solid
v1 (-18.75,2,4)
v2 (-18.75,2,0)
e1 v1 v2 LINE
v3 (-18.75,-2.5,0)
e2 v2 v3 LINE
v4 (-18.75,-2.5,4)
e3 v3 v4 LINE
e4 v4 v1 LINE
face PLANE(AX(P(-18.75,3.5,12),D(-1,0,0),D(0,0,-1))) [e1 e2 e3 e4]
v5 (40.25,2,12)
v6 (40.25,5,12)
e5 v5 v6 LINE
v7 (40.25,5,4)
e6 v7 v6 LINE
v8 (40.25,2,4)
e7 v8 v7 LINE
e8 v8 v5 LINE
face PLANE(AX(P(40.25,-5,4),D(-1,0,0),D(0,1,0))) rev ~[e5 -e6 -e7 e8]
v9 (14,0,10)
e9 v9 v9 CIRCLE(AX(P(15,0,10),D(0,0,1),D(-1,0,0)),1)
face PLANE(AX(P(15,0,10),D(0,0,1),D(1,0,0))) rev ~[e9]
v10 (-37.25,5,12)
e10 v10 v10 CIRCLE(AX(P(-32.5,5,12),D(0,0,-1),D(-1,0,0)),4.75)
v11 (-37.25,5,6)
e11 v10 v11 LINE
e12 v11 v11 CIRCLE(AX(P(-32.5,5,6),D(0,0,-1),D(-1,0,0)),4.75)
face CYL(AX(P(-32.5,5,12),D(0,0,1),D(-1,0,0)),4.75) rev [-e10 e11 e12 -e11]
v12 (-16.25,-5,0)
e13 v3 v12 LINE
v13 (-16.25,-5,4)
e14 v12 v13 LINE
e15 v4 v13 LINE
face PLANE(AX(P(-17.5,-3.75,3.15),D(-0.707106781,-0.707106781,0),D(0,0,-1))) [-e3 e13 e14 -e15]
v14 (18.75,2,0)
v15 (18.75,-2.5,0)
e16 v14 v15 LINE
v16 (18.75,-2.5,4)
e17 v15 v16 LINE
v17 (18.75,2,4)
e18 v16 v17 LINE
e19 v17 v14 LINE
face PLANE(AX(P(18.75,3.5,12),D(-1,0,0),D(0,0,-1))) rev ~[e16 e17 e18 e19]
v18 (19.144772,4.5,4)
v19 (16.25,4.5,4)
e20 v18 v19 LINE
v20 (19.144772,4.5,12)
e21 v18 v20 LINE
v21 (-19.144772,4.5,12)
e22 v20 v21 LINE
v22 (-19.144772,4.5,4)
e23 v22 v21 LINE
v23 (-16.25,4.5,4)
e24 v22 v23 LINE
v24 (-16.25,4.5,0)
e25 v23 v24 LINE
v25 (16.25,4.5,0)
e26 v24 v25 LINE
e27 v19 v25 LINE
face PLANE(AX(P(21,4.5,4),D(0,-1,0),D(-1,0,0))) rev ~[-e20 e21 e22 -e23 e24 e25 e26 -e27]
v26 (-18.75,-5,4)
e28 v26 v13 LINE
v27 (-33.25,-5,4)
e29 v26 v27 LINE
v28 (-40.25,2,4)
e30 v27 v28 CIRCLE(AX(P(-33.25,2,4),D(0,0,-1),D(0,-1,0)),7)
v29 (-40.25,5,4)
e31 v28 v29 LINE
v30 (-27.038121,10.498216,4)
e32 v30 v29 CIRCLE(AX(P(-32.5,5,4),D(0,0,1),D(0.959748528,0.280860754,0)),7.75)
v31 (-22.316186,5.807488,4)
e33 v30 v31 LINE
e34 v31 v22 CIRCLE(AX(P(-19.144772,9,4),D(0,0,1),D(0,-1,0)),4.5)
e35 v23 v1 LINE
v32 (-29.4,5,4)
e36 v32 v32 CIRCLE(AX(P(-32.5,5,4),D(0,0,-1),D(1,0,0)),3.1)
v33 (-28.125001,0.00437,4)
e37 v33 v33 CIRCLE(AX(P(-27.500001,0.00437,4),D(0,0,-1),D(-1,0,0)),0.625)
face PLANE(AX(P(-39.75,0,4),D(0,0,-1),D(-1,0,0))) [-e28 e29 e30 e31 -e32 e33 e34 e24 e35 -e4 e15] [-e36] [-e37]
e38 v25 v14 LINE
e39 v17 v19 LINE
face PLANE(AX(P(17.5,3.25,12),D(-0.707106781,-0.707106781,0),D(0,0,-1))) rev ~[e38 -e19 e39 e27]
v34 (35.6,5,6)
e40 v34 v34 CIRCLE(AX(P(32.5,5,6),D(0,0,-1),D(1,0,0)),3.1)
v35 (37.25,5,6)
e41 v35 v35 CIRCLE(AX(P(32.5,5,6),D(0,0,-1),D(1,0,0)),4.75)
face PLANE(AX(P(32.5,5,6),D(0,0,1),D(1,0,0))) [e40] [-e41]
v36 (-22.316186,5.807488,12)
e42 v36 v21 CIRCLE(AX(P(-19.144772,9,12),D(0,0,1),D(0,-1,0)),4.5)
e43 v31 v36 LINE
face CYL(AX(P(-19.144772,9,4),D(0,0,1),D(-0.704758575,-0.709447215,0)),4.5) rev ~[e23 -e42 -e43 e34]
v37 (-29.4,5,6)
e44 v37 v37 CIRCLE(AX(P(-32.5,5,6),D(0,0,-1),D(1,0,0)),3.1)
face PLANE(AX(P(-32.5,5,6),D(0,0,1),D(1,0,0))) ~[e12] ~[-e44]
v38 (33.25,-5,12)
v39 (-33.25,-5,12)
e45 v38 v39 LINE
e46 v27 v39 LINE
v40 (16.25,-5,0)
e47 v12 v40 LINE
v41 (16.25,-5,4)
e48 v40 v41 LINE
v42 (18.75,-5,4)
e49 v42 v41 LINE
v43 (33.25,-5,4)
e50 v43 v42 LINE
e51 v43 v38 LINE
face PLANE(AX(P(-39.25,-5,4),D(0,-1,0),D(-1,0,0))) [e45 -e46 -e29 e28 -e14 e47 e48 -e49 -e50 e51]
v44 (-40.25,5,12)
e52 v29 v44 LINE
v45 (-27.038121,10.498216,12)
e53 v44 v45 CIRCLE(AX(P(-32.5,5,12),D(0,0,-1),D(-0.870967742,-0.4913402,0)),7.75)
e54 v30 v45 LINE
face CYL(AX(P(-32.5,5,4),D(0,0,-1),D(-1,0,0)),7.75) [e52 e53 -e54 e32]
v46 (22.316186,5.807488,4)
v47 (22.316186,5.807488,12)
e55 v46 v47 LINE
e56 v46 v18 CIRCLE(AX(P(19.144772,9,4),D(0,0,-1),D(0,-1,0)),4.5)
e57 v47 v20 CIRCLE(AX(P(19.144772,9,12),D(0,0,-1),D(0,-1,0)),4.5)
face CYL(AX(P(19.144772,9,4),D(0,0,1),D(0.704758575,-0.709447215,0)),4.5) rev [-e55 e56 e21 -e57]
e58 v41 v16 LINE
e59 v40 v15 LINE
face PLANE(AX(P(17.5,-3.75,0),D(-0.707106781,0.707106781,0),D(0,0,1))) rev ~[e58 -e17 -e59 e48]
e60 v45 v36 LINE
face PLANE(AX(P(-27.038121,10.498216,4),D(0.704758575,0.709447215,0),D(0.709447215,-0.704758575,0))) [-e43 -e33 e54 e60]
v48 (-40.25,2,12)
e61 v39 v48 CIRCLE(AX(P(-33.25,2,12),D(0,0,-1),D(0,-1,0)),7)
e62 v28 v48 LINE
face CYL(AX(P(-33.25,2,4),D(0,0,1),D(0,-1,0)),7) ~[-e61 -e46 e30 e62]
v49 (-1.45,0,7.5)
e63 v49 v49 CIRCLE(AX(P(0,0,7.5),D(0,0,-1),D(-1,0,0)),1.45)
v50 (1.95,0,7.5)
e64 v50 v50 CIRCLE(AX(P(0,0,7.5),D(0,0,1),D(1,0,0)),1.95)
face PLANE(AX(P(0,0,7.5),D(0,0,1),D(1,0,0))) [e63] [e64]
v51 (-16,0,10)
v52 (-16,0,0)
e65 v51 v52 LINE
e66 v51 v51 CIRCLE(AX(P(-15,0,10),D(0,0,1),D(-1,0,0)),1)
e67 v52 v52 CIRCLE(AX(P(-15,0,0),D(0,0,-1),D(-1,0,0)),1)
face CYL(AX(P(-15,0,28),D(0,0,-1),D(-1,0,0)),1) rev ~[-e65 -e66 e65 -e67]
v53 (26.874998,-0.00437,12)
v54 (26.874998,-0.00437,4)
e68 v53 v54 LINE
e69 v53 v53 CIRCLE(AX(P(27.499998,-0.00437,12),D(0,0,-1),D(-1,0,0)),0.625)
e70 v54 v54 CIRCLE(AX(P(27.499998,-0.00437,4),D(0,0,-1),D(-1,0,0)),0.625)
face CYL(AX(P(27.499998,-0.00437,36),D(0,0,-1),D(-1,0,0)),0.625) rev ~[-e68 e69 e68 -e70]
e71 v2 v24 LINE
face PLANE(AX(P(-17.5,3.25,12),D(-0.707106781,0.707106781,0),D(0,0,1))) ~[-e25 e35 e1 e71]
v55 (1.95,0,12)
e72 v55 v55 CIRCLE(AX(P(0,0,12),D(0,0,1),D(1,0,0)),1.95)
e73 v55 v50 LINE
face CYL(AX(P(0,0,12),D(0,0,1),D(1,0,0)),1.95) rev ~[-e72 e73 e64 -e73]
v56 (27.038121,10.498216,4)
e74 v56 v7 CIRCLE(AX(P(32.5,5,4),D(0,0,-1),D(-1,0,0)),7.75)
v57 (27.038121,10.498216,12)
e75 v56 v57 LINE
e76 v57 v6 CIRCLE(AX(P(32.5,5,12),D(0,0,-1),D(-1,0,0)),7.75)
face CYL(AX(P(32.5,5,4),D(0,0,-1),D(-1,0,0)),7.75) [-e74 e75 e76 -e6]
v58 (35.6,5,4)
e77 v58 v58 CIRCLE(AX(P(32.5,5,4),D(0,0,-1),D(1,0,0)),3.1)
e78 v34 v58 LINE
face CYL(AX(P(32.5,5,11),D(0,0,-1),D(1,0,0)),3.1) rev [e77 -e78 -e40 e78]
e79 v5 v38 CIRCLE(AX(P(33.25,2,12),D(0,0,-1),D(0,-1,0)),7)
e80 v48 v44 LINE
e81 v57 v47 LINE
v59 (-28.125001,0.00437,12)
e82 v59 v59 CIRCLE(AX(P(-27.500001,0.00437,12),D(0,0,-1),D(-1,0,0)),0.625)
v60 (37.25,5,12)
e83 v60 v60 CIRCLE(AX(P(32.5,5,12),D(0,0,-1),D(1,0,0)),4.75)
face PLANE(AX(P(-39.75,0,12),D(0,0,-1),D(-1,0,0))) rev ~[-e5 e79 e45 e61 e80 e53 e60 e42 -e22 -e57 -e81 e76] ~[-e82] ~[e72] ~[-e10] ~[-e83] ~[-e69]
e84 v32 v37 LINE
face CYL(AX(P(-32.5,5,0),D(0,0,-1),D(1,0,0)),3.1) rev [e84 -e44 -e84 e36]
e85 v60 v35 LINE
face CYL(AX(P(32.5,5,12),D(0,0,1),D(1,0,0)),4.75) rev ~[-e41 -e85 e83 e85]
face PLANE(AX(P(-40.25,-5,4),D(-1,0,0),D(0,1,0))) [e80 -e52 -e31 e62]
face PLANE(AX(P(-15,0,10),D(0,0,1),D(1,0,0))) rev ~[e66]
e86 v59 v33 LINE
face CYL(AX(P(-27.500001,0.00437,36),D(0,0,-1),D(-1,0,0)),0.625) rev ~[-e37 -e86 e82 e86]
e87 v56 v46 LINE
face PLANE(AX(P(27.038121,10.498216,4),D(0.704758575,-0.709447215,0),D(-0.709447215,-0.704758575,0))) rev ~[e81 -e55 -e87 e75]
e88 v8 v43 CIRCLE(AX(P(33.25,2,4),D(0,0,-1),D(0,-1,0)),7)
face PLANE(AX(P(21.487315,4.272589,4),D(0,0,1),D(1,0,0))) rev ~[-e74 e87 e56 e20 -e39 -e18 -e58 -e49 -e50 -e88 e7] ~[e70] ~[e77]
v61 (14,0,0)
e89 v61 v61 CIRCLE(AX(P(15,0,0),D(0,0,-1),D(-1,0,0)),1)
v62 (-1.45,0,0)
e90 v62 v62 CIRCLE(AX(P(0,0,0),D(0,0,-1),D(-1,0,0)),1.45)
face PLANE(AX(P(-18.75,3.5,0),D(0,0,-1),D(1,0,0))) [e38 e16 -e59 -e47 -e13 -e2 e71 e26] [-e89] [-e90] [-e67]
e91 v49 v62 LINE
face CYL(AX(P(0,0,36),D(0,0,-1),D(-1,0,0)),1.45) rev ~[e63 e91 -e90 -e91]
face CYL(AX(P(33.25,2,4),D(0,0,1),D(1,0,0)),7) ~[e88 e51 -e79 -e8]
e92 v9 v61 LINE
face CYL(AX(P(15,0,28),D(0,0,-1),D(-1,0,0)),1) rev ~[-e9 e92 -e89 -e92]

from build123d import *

# Parameters (mm, degrees)
SKETCH1_W                     = 78.5
SKETCH1_H                     = 7
BOSS_EXTRUDE1_DEPTH           = 12
BOSS_EXTRUDE1_DEPTH_BACK      = 12
SKETCH2_W                     = 20.5
SKETCH2_H                     = 6.3
CUT_EXTRUDE1_DEPTH            = 8
SKETCH3_W                     = 13.5
SKETCH3_H                     = 8.85
BOSS_EXTRUDE2_DEPTH           = 8
SKETCH4_R                     = 3.1
CUT_EXTRUDE2_DEPTH            = 22
CUT_EXTRUDE2_DEPTH_BACK       = 24.5
CUT_EXTRUDE3_DEPTH            = 5
SKETCH6_R                     = 6.2
CUT_EXTRUDE4_DEPTH            = 1
MIRROR2_COPY_1_SKETCH_R       = 6.2
MIRROR2_COPY_1_DEPTH          = 1
SKETCH7_W                     = 13.5
SKETCH7_H                     = 8.5
CUT_EXTRUDE5_DEPTH            = 1
MIRROR5_COPY_1_SKETCH_W       = 13.5
MIRROR5_COPY_1_SKETCH_H       = 8.5
MIRROR5_COPY_1_DEPTH          = 1
TAP_DRILL_FOR_M2_TAP1_D       = 1.6
CUT_EXTRUDE6_DEPTH            = 27
SKETCH12_W                    = 91.032241704
SKETCH12_H                    = 44.33734078
CUT_EXTRUDE7_DEPTH            = 22
F_2_0_2_DIAMETER_HOLE2_D      = 2
F_2_0_2_DIAMETER_HOLE2_DEPTH  = 16
F_2_0_2_DIAMETER_HOLE2_TIP    = 0.600860619
F_2_0_2_DIAMETER_HOLE1_D      = 2
F_2_0_2_DIAMETER_HOLE1_DEPTH  = 16
F_2_0_2_DIAMETER_HOLE1_TIP    = 0.600860619
ESQUISSE5_R                   = 3.1
BOSS_EXTRU_1_DEPTH            = 1
ESQUISSE6_R                   = 4.75
ENL_V_MAT_EXTRU_1_DEPTH       = 6
ESQUISSE7_R                   = 0.8
BOSS_EXTRU_2_DEPTH            = 8.85
BOSS_EXTRUDE3_DEPTH           = 1.5
SKETCH24_W                    = 22.483380367
SKETCH24_H                    = 20.071516443
CUT_EXTRUDE8_DEPTH            = 0.85
BOSS_EXTRUDE4_DEPTH           = 8
M2_5_CLEARANCE_HOLE1_D        = 2.9
M2_5_CLEARANCE_HOLE1_DEPTH    = 24
M2_5_CLEARANCE_HOLE1_TIP      = 0.871247898
SKETCH26_W                    = 37.5
SKETCH26_H                    = 12
BOSS_EXTRUDE6_DEPTH           = 1
SKETCH27_R                    = 1.95
CUT_EXTRUDE9_DEPTH            = 4.5
CHAMFER2_SIZE                 = 2.5
CUT_EXTRUDE10_DEPTH           = 10
ESQUISSE9_R                   = 0.6
ENL_V_MAT_EXTRU_2_DEPTH       = 13
SKETCH33_R                    = 7.75
SKETCH33_R_2                  = 4.75
BOSS_EXTRUDE9_DEPTH           = 8
SKETCH35_R                    = 1
BOSS_EXTRUDE10_DEPTH          = 2
BOSS_EXTRUDE11_DEPTH          = 8
FILLET2_R                     = 4.5
TAP_DRILL_FOR_M1_6_TAP1_D     = 1.25
TAP_DRILL_FOR_M1_6_TAP1_DEPTH = 24
TAP_DRILL_FOR_M1_6_TAP1_TIP   = 0.375537887
SKETCH40_W                    = 1
SKETCH40_H                    = 10
BOSS_EXTRUDE12_DEPTH          = 8
FILLET3_R                     = 7
SKETCH41_R                    = 0.582442918
BOSS_EXTRUDE13_DEPTH          = 8


with BuildPart() as part:
    # Sketch1 → Boss-Extrude1 (new body, two sides)
    with BuildSketch(Plane.XY) as boss_extrude1_sk:
        Rectangle(SKETCH1_W, SKETCH1_H)
    extrude(amount=BOSS_EXTRUDE1_DEPTH)
    extrude(boss_extrude1_sk.sketch, amount=-BOSS_EXTRUDE1_DEPTH_BACK)

    # Sketch2 → Cut-Extrude1 (cut, through all)
    with BuildSketch(Plane(origin=(0, 3.5, 0), x_dir=(1, 0, 0), z_dir=(0, 1, 0))):
        with Locations((-29, 0)):
            Rectangle(SKETCH2_W, SKETCH2_H)
        with Locations((29, 0)):
            Rectangle(SKETCH2_W, SKETCH2_H)
    extrude(amount=-CUT_EXTRUDE1_DEPTH, mode=Mode.SUBTRACT)

    # Sketch3 → Boss-Extrude2 (add)
    with BuildSketch(Plane(origin=(0, 3.5, 0), x_dir=(1, 0, 0), z_dir=(0, 1, 0))):
        with Locations((-32.5, 7.575)):
            Rectangle(SKETCH3_W, SKETCH3_H)
        with Locations((-32.5, -7.575)):
            Rectangle(SKETCH3_W, SKETCH3_H)
        with Locations((32.5, -7.575)):
            Rectangle(SKETCH3_W, SKETCH3_H)
        with Locations((32.5, 7.575)):
            Rectangle(SKETCH3_W, SKETCH3_H)
    extrude(amount=BOSS_EXTRUDE2_DEPTH)

    # Sketch4 → Cut-Extrude2 (cut, two sides)
    with BuildSketch(Plane.XY) as cut_extrude2_sk:
        with Locations((-32.5, 5)):
            Circle(SKETCH4_R)
        with Locations((32.5, 5)):
            Circle(SKETCH4_R)
    extrude(amount=CUT_EXTRUDE2_DEPTH, mode=Mode.SUBTRACT)
    extrude(cut_extrude2_sk.sketch, amount=-CUT_EXTRUDE2_DEPTH_BACK, mode=Mode.SUBTRACT)

    # Sketch5 → Cut-Extrude3 (cut)
    with BuildSketch(Plane.XY):
        Polygon((15, 3.5), (36.256888292, -2.195766051), (36.256888292, 11.5), (15, 11.5), align=None)
    extrude(amount=-CUT_EXTRUDE3_DEPTH, mode=Mode.SUBTRACT)

    # Sketch6 → Cut-Extrude4 (cut)
    with BuildSketch(Plane.XY.offset(12)):
        with Locations((32.5, 5)):
            Circle(SKETCH6_R)
    cut_extrude4 = extrude(amount=-CUT_EXTRUDE4_DEPTH, mode=Mode.SUBTRACT)

    # Mirror1: Cut-Extrude4 across plane
    add(cut_extrude4.mirror(Plane.XY), mode=Mode.SUBTRACT)

    # Mirror2: Cut-Extrude4 across plane
    add(cut_extrude4.mirror(Plane(origin=(0, 0, 0), x_dir=(0, 0, 1), z_dir=(1, 0, 0))), mode=Mode.SUBTRACT)

    # Mirror2 copy 1 sketch → Mirror2 copy 1 (cut)
    with BuildSketch(Plane(origin=(0, 0, -12), x_dir=(-1, 0, 0), z_dir=(0, 0, -1))):
        with Locations((32.5, 5)):
            Circle(MIRROR2_COPY_1_SKETCH_R)
    extrude(amount=-MIRROR2_COPY_1_DEPTH, mode=Mode.SUBTRACT)

    # Sketch7 → Cut-Extrude5 (cut)
    with BuildSketch(Plane.XY.offset(12)):
        with Locations((-32.5, 7.25)):
            Rectangle(SKETCH7_W, SKETCH7_H)
    cut_extrude5 = extrude(amount=-CUT_EXTRUDE5_DEPTH, mode=Mode.SUBTRACT)

    # Mirror3: Cut-Extrude5 across plane
    add(cut_extrude5.mirror(Plane(origin=(0, 0, 0), x_dir=(0, 0, 1), z_dir=(1, 0, 0))), mode=Mode.SUBTRACT)

    # Mirror5: Cut-Extrude5 across plane
    add(cut_extrude5.mirror(Plane.XY), mode=Mode.SUBTRACT)

    # Mirror5 copy 1 sketch → Mirror5 copy 1 (cut)
    with BuildSketch(Plane(origin=(0, 0, -12), x_dir=(-1, 0, 0), z_dir=(0, 0, -1))):
        with Locations((-32.5, 7.25)):
            Rectangle(MIRROR5_COPY_1_SKETCH_W, MIRROR5_COPY_1_SKETCH_H)
    extrude(amount=-MIRROR5_COPY_1_DEPTH, mode=Mode.SUBTRACT)

    # Tap Drill for M2 Tap1 (through all)
    with Locations(Plane.XY.offset(12)):
        with Locations((-25, 0), (0, 0), (25, 0)):
            Hole(TAP_DRILL_FOR_M2_TAP1_D / 2)

    # Sketch11 → Cut-Extrude6 (cut)
    with BuildSketch(Plane.XY.offset(12)):
        with BuildLine():
            Line((-39.25, 5), (-39.25, 21.221242017))
            Line((-39.25, 21.221242017), (-25.75, 21.221242017))
            Line((-25.75, 21.221242017), (-25.75, 5))
            ThreePointArc((-25.75, 5), (-32.5, 11.75), (-39.25, 5))
        make_face()
    extrude(amount=-CUT_EXTRUDE6_DEPTH, mode=Mode.SUBTRACT)

    # Sketch12 → Cut-Extrude7 (cut)
    with BuildSketch(Plane.XY):
        Rectangle(SKETCH12_W, SKETCH12_H)
    extrude(amount=-CUT_EXTRUDE7_DEPTH, mode=Mode.SUBTRACT)

    # 2.0 _2_ Diameter Hole2
    with Locations(Plane.XY.offset(12)):
        with Locations((-15, 0)):
            Hole(F_2_0_2_DIAMETER_HOLE2_D / 2, depth=F_2_0_2_DIAMETER_HOLE2_DEPTH)
            with Locations((0, 0, -(F_2_0_2_DIAMETER_HOLE2_DEPTH + F_2_0_2_DIAMETER_HOLE2_TIP / 2))):  # 118° drill point
                Cone(0, F_2_0_2_DIAMETER_HOLE2_D / 2, F_2_0_2_DIAMETER_HOLE2_TIP, mode=Mode.SUBTRACT)

    # 2.0 _2_ Diameter Hole1
    with Locations(Plane.XY.offset(12)):
        with Locations((15, 0)):
            Hole(F_2_0_2_DIAMETER_HOLE1_D / 2, depth=F_2_0_2_DIAMETER_HOLE1_DEPTH)
            with Locations((0, 0, -(F_2_0_2_DIAMETER_HOLE1_DEPTH + F_2_0_2_DIAMETER_HOLE1_TIP / 2))):  # 118° drill point
                Cone(0, F_2_0_2_DIAMETER_HOLE1_D / 2, F_2_0_2_DIAMETER_HOLE1_TIP, mode=Mode.SUBTRACT)

    # Esquisse5 → Boss.-Extru.1 (add)
    with BuildSketch(Plane.XY.offset(11)):
        with BuildLine():
            Line((25.75, 3), (26.6314397, 3))
            ThreePointArc((26.6314397, 3), (32.5, -1.2), (38.3685603, 3))
            Line((38.3685603, 3), (39.25, 3))
            Line((39.25, 3), (39.25, 11.5))
            Line((39.25, 11.5), (25.75, 11.5))
            Line((25.75, 11.5), (25.75, 3))
        make_face()
        with Locations((32.5, 5)):
            Circle(ESQUISSE5_R, mode=Mode.SUBTRACT)
    boss_extru_1 = extrude(amount=BOSS_EXTRU_1_DEPTH)

    # Esquisse6 → Enl_v. mat.-Extru.1 (cut)
    with BuildSketch(Plane.XY.offset(12)):
        with Locations((32.5, 5)):
            Circle(ESQUISSE6_R)
    enl_v_mat_extru_1 = extrude(amount=-ENL_V_MAT_EXTRU_1_DEPTH, mode=Mode.SUBTRACT)

    # Sym_trie1: Boss.-Extru.1, Enl_v. mat.-Extru.1 across plane
    add(boss_extru_1.mirror(Plane(origin=(0, 0, 0), x_dir=(0, 0, 1), z_dir=(1, 0, 0))))
    add(enl_v_mat_extru_1.mirror(Plane(origin=(0, 0, 0), x_dir=(0, 0, 1), z_dir=(1, 0, 0))), mode=Mode.SUBTRACT)

    # Esquisse7 → Boss.-Extru.2 (add)
    with BuildSketch(Plane.XY.offset(12)):
        with Locations((-25, 0)):
            Circle(ESQUISSE7_R)
        with Locations((25, 0)):
            Circle(ESQUISSE7_R)
    extrude(amount=-BOSS_EXTRU_2_DEPTH)

    # Sketch18 → Boss-Extrude3 (add)
    with BuildSketch(Plane.XZ.offset(3.5)):
        Polygon((-18.75, 0), (18.75, 0), (18.75, 3.15), (39.25, 3.15), (39.25, 12), (-39.25, 12), (-39.25, 3.15), (-18.75, 3.15), align=None)
    extrude(amount=BOSS_EXTRUDE3_DEPTH)

    # Sketch24 → Cut-Extrude8 (cut)
    with BuildSketch(Plane(origin=(0, 0, 3.15), x_dir=(-1, 0, 0), z_dir=(0, 0, -1))):
        with Locations((-29.991690184, 5.035758222)):
            Rectangle(SKETCH24_W, SKETCH24_H)
        with Locations((29.991690184, 5.035758222)):
            Rectangle(SKETCH24_W, SKETCH24_H)
    extrude(amount=-CUT_EXTRUDE8_DEPTH, mode=Mode.SUBTRACT)

    # Sketch19 → Boss-Extrude4 (add)
    with BuildSketch(Plane(origin=(0, 0, 4), x_dir=(-1, 0, 0), z_dir=(0, 0, -1))):
        Polygon((27.894392089, 9.934660654), (21, 3.5), (25.75, 3.5), align=None)
        Polygon((-25.75, 3.5), (-21, 3.5), (-27.894392089, 9.934660654), align=None)
    extrude(amount=-BOSS_EXTRUDE4_DEPTH)

    # M2.5 Clearance Hole1
    with Locations(Plane.XY.offset(12)):
        with Locations((0, 0)):
            Hole(M2_5_CLEARANCE_HOLE1_D / 2, depth=M2_5_CLEARANCE_HOLE1_DEPTH)
            with Locations((0, 0, -(M2_5_CLEARANCE_HOLE1_DEPTH + M2_5_CLEARANCE_HOLE1_TIP / 2))):  # 118° drill point
                Cone(0, M2_5_CLEARANCE_HOLE1_D / 2, M2_5_CLEARANCE_HOLE1_TIP, mode=Mode.SUBTRACT)

    # Sketch26 → Boss-Extrude6 (add)
    with BuildSketch(Plane(origin=(0, 3.5, 0), x_dir=(1, 0, 0), z_dir=(0, 1, 0))):
        with Locations((0, -6)):
            Rectangle(SKETCH26_W, SKETCH26_H)
    extrude(amount=BOSS_EXTRUDE6_DEPTH)

    # Sketch27 → Cut-Extrude9 (cut)
    with BuildSketch(Plane.XY.offset(12)):
        Circle(SKETCH27_R)
    extrude(amount=-CUT_EXTRUDE9_DEPTH, mode=Mode.SUBTRACT)

    # Chamfer2
    chamfer2_edges = [part.edges().sort_by_distance(p)[0] for p in [
        (18.75, 4.5, 6),
        (-18.75, 4.5, 6),
        (-18.75, -5, 2),
        (18.75, -5, 2),
    ]]
    chamfer(chamfer2_edges, length=CHAMFER2_SIZE)

    # Sketch32 → Cut-Extrude10 (cut)
    with BuildSketch(Plane(origin=(0, 0, 4), x_dir=(-1, 0, 0), z_dir=(0, 0, -1))):
        Polygon((24.736961251, 6.987773428), (32.5, 11.5), (37.878089133, 9.079051027), (39.25, 5), (41.051218968, 5), (41.051218968, 13.570990907), (25.598047204, 20.527242354), align=None)
        Polygon((-25.75, 7.933260788), (-32.5, 11.5), (-39.25, 7.747740561), (-44.98837862, 11.787792939), (-32.95842996, 17.943701699), (-19.091373489, 11.787792939), align=None)
    extrude(amount=-CUT_EXTRUDE10_DEPTH, mode=Mode.SUBTRACT)

    # Esquisse9 → Enl_v. mat.-Extru.2 (cut, through all)
    with BuildSketch(Plane.XY.offset(12)):
        with Locations((27.5, 0)):
            Circle(ESQUISSE9_R)
        with Locations((-27.5, 0)):
            Circle(ESQUISSE9_R)
    extrude(amount=-ENL_V_MAT_EXTRU_2_DEPTH, mode=Mode.SUBTRACT)

    # Sketch33 → Boss-Extrude9 (add)
    with BuildSketch(Plane(origin=(0, 0, 4), x_dir=(-1, 0, 0), z_dir=(0, 0, -1))):
        with Locations((32.5, 5)):
            Circle(SKETCH33_R)
        with Locations((32.5, 5)):
            Circle(SKETCH33_R_2, mode=Mode.SUBTRACT)
        with Locations((-32.5, 5)):
            Circle(SKETCH33_R)
        with Locations((-32.5, 5)):
            Circle(SKETCH33_R_2, mode=Mode.SUBTRACT)
    extrude(amount=-BOSS_EXTRUDE9_DEPTH)

    # Sketch35 → Boss-Extrude10 (add)
    with BuildSketch(Plane.XY.offset(12)):
        with Locations((-15, 0)):
            Circle(SKETCH35_R)
        with Locations((15, 0)):
            Circle(SKETCH35_R)
    extrude(amount=-BOSS_EXTRUDE10_DEPTH)

    # Sketch36 → Boss-Extrude11 (add)
    with BuildSketch(Plane(origin=(0, 0, 4), x_dir=(-1, 0, 0), z_dir=(0, 0, -1))):
        Polygon((-16.25, 4.5), (-18.75, -2.5), (-27.038121047, 10.49821592), (-21, 4.5), align=None)
        Polygon((18.75, -2.5), (27.038121047, 10.49821592), (21, 4.5), (16.25, 4.5), align=None)
    extrude(amount=-BOSS_EXTRUDE11_DEPTH)

    # Fillet2
    fillet2_edges = [part.edges().sort_by_distance(p)[0] for p in [
        (21, 4.5, 8),
        (-21, 4.5, 8),
    ]]
    fillet(fillet2_edges, radius=FILLET2_R)

    # Tap Drill for M1.6 Tap1
    with Locations(Plane.XY.offset(12)):
        with Locations((-27.500000533, 0.004370021), (27.499997993, -0.00437002)):
            Hole(TAP_DRILL_FOR_M1_6_TAP1_D / 2, depth=TAP_DRILL_FOR_M1_6_TAP1_DEPTH)
            with Locations((0, 0, -(TAP_DRILL_FOR_M1_6_TAP1_DEPTH + TAP_DRILL_FOR_M1_6_TAP1_TIP / 2))):  # 118° drill point
                Cone(0, TAP_DRILL_FOR_M1_6_TAP1_D / 2, TAP_DRILL_FOR_M1_6_TAP1_TIP, mode=Mode.SUBTRACT)

    # Sketch40 → Boss-Extrude12 (add)
    with BuildSketch(Plane(origin=(0, 0, 4), x_dir=(-1, 0, 0), z_dir=(0, 0, -1))):
        with Locations((39.75, 0)):
            Rectangle(SKETCH40_W, SKETCH40_H)
        with Locations((-39.75, 0)):
            Rectangle(SKETCH40_W, SKETCH40_H)
    extrude(amount=-BOSS_EXTRUDE12_DEPTH)

    # Fillet3
    fillet3_edges = [part.edges().sort_by_distance(p)[0] for p in [
        (-40.25, -5, 8),
        (40.25, -5, 8),
    ]]
    fillet(fillet3_edges, radius=FILLET3_R)

    # Sketch41 → Boss-Extrude13 (add)
    with BuildSketch(Plane(origin=(0, 0, 4), x_dir=(-1, 0, 0), z_dir=(0, 0, -1))):
        with Locations((-25.110595356, 7.336492886)):
            Circle(SKETCH41_R)
        with Locations((25.110595356, 7.336492886)):
            Circle(SKETCH41_R)
    extrude(amount=-BOSS_EXTRUDE13_DEPTH)


solid = part.part
